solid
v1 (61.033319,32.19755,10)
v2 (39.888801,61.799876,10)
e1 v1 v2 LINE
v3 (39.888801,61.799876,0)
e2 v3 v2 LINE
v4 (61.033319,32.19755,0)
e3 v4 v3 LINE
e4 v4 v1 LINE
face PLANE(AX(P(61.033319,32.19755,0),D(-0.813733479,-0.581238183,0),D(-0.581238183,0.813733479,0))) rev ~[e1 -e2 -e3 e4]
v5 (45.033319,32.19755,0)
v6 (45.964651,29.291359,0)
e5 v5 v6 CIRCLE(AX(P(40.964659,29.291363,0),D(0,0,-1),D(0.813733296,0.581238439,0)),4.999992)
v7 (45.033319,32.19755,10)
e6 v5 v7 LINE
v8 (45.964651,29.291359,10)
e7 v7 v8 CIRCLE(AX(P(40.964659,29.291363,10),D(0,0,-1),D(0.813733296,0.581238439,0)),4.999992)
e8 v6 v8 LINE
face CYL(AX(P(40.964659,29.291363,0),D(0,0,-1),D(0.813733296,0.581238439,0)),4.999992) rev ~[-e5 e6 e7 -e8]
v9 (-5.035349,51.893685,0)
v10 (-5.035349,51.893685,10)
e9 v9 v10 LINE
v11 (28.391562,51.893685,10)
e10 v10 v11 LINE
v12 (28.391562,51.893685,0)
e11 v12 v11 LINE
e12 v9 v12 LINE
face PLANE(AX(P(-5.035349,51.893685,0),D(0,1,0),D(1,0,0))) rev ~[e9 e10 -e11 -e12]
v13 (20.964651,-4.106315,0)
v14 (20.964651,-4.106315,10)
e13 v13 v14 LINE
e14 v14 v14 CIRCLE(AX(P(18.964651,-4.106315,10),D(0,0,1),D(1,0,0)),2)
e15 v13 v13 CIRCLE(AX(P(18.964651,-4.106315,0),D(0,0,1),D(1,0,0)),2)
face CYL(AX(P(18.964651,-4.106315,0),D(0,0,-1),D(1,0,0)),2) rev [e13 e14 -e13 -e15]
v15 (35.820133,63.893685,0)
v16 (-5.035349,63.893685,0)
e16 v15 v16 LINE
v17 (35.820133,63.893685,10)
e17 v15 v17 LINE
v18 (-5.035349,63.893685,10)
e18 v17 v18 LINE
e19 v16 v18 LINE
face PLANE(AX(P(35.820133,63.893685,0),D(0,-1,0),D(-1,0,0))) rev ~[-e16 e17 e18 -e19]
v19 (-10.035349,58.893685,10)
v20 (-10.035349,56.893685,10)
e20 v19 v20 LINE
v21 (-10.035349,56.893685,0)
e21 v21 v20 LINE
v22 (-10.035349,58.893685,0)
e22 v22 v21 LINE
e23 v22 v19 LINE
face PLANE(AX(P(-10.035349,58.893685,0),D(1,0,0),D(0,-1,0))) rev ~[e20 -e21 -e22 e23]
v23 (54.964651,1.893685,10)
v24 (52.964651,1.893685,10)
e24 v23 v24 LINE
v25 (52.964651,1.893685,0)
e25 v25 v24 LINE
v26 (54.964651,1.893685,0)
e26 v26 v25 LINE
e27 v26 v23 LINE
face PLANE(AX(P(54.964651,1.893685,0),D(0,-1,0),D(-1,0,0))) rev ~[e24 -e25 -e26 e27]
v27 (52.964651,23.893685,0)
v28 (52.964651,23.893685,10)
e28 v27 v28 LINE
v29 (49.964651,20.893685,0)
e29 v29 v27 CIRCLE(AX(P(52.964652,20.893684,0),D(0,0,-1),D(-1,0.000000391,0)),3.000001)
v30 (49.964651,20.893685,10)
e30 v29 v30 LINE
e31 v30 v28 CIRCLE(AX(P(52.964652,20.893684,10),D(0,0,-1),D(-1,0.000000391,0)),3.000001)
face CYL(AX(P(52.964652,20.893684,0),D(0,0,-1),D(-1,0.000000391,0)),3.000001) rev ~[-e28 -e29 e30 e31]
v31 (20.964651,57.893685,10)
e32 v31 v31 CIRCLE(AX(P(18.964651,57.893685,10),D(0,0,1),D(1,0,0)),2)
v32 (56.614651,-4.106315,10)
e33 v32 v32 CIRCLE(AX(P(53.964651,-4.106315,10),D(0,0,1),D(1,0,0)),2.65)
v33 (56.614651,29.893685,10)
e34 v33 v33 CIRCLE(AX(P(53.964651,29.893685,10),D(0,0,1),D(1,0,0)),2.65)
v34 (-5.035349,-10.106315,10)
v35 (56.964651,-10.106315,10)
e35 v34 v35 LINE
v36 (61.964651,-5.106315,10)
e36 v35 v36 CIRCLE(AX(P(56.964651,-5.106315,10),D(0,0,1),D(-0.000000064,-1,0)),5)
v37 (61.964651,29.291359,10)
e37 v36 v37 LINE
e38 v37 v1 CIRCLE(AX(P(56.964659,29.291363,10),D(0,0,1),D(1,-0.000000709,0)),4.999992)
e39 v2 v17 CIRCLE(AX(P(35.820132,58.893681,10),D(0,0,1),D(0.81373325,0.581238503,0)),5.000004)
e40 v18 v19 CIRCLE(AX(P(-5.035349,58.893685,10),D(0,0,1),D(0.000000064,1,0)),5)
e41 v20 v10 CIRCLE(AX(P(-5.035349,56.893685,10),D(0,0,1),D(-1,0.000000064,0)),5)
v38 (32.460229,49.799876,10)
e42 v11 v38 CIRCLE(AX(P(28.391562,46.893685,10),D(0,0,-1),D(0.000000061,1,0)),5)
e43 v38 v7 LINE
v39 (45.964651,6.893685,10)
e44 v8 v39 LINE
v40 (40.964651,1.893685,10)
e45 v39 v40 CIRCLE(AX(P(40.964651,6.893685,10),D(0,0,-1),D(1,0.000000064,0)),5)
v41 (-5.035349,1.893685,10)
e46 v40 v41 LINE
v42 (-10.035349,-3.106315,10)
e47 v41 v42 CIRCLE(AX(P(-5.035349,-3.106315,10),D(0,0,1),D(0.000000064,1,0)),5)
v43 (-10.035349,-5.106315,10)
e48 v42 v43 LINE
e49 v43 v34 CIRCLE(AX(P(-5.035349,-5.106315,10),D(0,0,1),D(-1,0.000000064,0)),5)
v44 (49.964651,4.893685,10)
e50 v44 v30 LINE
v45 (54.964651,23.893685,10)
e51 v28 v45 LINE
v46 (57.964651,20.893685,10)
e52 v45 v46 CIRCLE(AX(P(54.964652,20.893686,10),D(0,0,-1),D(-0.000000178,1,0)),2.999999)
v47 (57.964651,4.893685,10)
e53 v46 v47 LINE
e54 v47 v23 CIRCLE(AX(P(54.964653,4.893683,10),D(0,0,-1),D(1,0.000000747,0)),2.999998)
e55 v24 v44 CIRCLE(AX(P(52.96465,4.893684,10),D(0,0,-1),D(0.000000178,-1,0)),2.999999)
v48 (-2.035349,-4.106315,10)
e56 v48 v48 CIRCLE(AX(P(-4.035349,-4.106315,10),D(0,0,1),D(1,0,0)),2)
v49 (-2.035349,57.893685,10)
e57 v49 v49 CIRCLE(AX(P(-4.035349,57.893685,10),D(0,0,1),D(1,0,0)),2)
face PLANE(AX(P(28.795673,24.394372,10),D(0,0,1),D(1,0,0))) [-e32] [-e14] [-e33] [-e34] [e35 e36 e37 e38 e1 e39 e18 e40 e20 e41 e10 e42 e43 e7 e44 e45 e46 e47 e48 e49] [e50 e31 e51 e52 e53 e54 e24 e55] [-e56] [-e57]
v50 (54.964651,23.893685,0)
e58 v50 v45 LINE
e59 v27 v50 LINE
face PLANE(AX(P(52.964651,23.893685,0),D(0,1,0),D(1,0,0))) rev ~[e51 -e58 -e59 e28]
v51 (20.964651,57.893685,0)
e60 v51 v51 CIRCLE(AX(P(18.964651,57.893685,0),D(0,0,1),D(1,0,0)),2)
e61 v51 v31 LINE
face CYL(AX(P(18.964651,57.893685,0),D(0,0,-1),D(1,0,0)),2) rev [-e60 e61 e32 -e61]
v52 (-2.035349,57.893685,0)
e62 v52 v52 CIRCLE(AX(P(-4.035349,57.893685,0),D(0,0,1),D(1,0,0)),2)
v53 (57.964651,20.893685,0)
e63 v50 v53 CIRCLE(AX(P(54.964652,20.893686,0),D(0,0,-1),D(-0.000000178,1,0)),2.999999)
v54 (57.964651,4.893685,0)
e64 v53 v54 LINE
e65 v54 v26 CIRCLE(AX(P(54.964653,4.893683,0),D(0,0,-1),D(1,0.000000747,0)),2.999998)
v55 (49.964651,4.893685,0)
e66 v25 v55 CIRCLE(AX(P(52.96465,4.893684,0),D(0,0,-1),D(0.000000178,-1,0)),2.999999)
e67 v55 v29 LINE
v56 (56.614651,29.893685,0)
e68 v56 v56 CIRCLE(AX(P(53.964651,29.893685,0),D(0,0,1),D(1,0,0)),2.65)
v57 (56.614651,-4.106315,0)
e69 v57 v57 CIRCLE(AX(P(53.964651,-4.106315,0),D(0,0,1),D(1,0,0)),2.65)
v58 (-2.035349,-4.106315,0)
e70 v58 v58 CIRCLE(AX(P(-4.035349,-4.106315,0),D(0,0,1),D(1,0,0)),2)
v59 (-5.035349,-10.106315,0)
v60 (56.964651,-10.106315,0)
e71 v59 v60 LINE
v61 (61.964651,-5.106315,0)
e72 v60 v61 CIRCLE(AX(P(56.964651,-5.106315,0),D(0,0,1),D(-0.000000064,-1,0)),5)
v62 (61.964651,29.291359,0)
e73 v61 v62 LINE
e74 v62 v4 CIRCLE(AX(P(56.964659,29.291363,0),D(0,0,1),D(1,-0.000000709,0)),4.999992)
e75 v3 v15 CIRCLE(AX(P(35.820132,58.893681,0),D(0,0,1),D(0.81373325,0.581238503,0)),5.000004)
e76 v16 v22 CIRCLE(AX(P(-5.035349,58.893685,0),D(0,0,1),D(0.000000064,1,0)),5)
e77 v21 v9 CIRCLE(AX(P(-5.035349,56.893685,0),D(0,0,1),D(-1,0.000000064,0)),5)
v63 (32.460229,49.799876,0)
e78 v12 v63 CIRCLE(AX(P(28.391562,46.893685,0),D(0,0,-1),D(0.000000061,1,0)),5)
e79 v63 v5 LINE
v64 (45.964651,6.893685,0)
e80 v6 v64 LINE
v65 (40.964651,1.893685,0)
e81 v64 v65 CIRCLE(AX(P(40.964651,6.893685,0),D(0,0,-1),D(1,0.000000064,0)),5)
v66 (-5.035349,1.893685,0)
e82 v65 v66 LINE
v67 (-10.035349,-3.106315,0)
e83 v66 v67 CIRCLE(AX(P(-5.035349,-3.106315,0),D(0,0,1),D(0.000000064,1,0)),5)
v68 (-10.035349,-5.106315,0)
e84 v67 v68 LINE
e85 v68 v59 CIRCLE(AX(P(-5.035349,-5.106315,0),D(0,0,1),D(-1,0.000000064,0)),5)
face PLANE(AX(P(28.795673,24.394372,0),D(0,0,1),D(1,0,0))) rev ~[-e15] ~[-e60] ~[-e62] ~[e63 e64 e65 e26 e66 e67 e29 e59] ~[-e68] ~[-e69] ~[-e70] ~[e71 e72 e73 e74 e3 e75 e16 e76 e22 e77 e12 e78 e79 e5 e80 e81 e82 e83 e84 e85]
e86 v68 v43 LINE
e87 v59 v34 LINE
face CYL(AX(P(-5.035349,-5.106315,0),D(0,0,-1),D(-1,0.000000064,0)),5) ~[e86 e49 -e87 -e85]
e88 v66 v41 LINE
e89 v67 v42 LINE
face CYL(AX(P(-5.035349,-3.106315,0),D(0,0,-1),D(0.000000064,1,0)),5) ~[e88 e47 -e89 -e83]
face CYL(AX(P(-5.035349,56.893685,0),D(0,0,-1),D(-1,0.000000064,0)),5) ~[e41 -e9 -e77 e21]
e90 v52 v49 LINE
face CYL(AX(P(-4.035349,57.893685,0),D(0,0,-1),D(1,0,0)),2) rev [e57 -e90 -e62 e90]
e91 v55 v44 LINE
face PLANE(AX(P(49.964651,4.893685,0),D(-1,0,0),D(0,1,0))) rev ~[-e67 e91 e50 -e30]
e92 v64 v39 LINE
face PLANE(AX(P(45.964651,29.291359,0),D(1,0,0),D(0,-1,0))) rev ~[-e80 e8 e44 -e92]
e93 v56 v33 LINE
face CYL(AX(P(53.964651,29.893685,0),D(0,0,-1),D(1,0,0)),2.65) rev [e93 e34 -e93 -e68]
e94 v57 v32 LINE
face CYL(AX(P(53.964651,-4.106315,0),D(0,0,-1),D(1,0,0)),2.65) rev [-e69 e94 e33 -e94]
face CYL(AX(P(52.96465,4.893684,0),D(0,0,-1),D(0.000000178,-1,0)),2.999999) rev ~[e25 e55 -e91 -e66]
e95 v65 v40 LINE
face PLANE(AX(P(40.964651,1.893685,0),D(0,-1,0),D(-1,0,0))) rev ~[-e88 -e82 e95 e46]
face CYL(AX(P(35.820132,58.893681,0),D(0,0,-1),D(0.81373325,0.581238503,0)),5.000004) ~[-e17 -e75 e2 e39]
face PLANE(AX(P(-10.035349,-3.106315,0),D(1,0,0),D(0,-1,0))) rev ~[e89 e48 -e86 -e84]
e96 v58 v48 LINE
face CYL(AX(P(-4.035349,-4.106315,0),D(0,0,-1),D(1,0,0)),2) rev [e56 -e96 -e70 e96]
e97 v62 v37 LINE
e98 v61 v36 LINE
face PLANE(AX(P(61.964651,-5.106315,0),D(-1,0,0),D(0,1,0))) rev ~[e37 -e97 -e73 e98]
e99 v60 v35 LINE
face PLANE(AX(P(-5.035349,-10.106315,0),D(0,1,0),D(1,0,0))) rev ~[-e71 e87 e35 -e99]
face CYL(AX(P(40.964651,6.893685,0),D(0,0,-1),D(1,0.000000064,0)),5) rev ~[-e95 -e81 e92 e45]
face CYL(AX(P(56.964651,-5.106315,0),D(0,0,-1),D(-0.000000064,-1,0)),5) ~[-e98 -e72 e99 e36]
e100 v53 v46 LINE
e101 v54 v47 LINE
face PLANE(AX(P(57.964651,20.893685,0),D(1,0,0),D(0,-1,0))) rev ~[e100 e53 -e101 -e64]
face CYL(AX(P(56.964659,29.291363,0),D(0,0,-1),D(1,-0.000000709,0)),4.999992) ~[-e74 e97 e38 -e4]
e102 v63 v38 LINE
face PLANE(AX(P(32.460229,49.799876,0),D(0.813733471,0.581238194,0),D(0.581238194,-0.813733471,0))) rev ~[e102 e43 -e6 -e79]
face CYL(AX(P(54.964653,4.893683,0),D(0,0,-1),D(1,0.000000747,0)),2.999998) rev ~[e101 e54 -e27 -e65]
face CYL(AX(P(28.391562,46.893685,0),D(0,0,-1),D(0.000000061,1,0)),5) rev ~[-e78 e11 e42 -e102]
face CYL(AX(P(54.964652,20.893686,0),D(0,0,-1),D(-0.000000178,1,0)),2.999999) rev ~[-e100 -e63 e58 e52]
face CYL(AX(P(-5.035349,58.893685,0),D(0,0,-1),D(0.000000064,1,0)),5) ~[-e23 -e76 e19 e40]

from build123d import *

# Parameters (mm, degrees)
F0_R     = 2
F0_R_2   = 2.65
F1_DEPTH = 10


with BuildPart() as f1:
    # F0 (on Top) → F1 (new body)
    with BuildSketch(Plane.XY):
        with BuildLine():
            Line((-5.035349, -10.106315), (56.964651, -10.106315))
            ThreePointArc((56.964651, -10.106315), (60.500185, -8.641849), (61.964651, -5.106315))
            Line((61.964651, -5.106315), (61.964651, 29.291359))
            ThreePointArc((61.964651, 29.291359), (61.726129, 30.817247), (61.033319, 32.19755))
            Line((61.033319, 32.19755), (39.888801, 61.799876))
            ThreePointArc((39.888801, 61.799876), (38.108041, 63.339523), (35.820133, 63.893685))
            Line((35.820133, 63.893685), (-5.035349, 63.893685))
            ThreePointArc((-5.035349, 63.893685), (-8.570883, 62.429219), (-10.035349, 58.893685))
            Line((-10.035349, 58.893685), (-10.035349, 56.893685))
            ThreePointArc((-10.035349, 56.893685), (-8.570883, 53.358151), (-5.035349, 51.893685))
            Line((-5.035349, 51.893685), (28.391562, 51.893685))
            ThreePointArc((28.391562, 51.893685), (30.67947, 51.339523), (32.460229, 49.799876))
            Line((32.460229, 49.799876), (45.033319, 32.19755))
            ThreePointArc((45.033319, 32.19755), (45.726129, 30.817247), (45.964651, 29.291359))
            Line((45.964651, 29.291359), (45.964651, 6.893685))
            ThreePointArc((45.964651, 6.893685), (44.500185, 3.358151), (40.964651, 1.893685))
            Line((40.964651, 1.893685), (-5.035349, 1.893685))
            ThreePointArc((-5.035349, 1.893685), (-8.570883, 0.429219), (-10.035349, -3.106315))
            Line((-10.035349, -3.106315), (-10.035349, -5.106315))
            ThreePointArc((-10.035349, -5.106315), (-8.570883, -8.641849), (-5.035349, -10.106315))
        make_face()
        with Locations((-4.035349, -4.106315)):
            Circle(F0_R, mode=Mode.SUBTRACT)
        with Locations((18.964651, -4.106315)):
            Circle(F0_R, mode=Mode.SUBTRACT)
        with Locations((53.964651, -4.106315)):
            Circle(F0_R_2, mode=Mode.SUBTRACT)
        with BuildLine():
            ThreePointArc((49.964651, 20.893685), (50.843331, 23.015005), (52.964651, 23.893685))
            Line((52.964651, 23.893685), (54.964651, 23.893685))
            ThreePointArc((54.964651, 23.893685), (57.085972, 23.015005), (57.964651, 20.893685))
            Line((57.964651, 20.893685), (57.964651, 4.893685))
            ThreePointArc((57.964651, 4.893685), (57.085972, 2.772364), (54.964651, 1.893685))
            Line((54.964651, 1.893685), (52.964651, 1.893685))
            ThreePointArc((52.964651, 1.893685), (50.843331, 2.772364), (49.964651, 4.893685))
            Line((49.964651, 4.893685), (49.964651, 20.893685))
        make_face(mode=Mode.SUBTRACT)
        with Locations((-4.035349, 57.893685)):
            Circle(F0_R, mode=Mode.SUBTRACT)
        with Locations((18.964651, 57.893685)):
            Circle(F0_R, mode=Mode.SUBTRACT)
        with Locations((53.964651, 29.893685)):
            Circle(F0_R_2, mode=Mode.SUBTRACT)
    extrude(amount=F1_DEPTH)


solid = f1.part
